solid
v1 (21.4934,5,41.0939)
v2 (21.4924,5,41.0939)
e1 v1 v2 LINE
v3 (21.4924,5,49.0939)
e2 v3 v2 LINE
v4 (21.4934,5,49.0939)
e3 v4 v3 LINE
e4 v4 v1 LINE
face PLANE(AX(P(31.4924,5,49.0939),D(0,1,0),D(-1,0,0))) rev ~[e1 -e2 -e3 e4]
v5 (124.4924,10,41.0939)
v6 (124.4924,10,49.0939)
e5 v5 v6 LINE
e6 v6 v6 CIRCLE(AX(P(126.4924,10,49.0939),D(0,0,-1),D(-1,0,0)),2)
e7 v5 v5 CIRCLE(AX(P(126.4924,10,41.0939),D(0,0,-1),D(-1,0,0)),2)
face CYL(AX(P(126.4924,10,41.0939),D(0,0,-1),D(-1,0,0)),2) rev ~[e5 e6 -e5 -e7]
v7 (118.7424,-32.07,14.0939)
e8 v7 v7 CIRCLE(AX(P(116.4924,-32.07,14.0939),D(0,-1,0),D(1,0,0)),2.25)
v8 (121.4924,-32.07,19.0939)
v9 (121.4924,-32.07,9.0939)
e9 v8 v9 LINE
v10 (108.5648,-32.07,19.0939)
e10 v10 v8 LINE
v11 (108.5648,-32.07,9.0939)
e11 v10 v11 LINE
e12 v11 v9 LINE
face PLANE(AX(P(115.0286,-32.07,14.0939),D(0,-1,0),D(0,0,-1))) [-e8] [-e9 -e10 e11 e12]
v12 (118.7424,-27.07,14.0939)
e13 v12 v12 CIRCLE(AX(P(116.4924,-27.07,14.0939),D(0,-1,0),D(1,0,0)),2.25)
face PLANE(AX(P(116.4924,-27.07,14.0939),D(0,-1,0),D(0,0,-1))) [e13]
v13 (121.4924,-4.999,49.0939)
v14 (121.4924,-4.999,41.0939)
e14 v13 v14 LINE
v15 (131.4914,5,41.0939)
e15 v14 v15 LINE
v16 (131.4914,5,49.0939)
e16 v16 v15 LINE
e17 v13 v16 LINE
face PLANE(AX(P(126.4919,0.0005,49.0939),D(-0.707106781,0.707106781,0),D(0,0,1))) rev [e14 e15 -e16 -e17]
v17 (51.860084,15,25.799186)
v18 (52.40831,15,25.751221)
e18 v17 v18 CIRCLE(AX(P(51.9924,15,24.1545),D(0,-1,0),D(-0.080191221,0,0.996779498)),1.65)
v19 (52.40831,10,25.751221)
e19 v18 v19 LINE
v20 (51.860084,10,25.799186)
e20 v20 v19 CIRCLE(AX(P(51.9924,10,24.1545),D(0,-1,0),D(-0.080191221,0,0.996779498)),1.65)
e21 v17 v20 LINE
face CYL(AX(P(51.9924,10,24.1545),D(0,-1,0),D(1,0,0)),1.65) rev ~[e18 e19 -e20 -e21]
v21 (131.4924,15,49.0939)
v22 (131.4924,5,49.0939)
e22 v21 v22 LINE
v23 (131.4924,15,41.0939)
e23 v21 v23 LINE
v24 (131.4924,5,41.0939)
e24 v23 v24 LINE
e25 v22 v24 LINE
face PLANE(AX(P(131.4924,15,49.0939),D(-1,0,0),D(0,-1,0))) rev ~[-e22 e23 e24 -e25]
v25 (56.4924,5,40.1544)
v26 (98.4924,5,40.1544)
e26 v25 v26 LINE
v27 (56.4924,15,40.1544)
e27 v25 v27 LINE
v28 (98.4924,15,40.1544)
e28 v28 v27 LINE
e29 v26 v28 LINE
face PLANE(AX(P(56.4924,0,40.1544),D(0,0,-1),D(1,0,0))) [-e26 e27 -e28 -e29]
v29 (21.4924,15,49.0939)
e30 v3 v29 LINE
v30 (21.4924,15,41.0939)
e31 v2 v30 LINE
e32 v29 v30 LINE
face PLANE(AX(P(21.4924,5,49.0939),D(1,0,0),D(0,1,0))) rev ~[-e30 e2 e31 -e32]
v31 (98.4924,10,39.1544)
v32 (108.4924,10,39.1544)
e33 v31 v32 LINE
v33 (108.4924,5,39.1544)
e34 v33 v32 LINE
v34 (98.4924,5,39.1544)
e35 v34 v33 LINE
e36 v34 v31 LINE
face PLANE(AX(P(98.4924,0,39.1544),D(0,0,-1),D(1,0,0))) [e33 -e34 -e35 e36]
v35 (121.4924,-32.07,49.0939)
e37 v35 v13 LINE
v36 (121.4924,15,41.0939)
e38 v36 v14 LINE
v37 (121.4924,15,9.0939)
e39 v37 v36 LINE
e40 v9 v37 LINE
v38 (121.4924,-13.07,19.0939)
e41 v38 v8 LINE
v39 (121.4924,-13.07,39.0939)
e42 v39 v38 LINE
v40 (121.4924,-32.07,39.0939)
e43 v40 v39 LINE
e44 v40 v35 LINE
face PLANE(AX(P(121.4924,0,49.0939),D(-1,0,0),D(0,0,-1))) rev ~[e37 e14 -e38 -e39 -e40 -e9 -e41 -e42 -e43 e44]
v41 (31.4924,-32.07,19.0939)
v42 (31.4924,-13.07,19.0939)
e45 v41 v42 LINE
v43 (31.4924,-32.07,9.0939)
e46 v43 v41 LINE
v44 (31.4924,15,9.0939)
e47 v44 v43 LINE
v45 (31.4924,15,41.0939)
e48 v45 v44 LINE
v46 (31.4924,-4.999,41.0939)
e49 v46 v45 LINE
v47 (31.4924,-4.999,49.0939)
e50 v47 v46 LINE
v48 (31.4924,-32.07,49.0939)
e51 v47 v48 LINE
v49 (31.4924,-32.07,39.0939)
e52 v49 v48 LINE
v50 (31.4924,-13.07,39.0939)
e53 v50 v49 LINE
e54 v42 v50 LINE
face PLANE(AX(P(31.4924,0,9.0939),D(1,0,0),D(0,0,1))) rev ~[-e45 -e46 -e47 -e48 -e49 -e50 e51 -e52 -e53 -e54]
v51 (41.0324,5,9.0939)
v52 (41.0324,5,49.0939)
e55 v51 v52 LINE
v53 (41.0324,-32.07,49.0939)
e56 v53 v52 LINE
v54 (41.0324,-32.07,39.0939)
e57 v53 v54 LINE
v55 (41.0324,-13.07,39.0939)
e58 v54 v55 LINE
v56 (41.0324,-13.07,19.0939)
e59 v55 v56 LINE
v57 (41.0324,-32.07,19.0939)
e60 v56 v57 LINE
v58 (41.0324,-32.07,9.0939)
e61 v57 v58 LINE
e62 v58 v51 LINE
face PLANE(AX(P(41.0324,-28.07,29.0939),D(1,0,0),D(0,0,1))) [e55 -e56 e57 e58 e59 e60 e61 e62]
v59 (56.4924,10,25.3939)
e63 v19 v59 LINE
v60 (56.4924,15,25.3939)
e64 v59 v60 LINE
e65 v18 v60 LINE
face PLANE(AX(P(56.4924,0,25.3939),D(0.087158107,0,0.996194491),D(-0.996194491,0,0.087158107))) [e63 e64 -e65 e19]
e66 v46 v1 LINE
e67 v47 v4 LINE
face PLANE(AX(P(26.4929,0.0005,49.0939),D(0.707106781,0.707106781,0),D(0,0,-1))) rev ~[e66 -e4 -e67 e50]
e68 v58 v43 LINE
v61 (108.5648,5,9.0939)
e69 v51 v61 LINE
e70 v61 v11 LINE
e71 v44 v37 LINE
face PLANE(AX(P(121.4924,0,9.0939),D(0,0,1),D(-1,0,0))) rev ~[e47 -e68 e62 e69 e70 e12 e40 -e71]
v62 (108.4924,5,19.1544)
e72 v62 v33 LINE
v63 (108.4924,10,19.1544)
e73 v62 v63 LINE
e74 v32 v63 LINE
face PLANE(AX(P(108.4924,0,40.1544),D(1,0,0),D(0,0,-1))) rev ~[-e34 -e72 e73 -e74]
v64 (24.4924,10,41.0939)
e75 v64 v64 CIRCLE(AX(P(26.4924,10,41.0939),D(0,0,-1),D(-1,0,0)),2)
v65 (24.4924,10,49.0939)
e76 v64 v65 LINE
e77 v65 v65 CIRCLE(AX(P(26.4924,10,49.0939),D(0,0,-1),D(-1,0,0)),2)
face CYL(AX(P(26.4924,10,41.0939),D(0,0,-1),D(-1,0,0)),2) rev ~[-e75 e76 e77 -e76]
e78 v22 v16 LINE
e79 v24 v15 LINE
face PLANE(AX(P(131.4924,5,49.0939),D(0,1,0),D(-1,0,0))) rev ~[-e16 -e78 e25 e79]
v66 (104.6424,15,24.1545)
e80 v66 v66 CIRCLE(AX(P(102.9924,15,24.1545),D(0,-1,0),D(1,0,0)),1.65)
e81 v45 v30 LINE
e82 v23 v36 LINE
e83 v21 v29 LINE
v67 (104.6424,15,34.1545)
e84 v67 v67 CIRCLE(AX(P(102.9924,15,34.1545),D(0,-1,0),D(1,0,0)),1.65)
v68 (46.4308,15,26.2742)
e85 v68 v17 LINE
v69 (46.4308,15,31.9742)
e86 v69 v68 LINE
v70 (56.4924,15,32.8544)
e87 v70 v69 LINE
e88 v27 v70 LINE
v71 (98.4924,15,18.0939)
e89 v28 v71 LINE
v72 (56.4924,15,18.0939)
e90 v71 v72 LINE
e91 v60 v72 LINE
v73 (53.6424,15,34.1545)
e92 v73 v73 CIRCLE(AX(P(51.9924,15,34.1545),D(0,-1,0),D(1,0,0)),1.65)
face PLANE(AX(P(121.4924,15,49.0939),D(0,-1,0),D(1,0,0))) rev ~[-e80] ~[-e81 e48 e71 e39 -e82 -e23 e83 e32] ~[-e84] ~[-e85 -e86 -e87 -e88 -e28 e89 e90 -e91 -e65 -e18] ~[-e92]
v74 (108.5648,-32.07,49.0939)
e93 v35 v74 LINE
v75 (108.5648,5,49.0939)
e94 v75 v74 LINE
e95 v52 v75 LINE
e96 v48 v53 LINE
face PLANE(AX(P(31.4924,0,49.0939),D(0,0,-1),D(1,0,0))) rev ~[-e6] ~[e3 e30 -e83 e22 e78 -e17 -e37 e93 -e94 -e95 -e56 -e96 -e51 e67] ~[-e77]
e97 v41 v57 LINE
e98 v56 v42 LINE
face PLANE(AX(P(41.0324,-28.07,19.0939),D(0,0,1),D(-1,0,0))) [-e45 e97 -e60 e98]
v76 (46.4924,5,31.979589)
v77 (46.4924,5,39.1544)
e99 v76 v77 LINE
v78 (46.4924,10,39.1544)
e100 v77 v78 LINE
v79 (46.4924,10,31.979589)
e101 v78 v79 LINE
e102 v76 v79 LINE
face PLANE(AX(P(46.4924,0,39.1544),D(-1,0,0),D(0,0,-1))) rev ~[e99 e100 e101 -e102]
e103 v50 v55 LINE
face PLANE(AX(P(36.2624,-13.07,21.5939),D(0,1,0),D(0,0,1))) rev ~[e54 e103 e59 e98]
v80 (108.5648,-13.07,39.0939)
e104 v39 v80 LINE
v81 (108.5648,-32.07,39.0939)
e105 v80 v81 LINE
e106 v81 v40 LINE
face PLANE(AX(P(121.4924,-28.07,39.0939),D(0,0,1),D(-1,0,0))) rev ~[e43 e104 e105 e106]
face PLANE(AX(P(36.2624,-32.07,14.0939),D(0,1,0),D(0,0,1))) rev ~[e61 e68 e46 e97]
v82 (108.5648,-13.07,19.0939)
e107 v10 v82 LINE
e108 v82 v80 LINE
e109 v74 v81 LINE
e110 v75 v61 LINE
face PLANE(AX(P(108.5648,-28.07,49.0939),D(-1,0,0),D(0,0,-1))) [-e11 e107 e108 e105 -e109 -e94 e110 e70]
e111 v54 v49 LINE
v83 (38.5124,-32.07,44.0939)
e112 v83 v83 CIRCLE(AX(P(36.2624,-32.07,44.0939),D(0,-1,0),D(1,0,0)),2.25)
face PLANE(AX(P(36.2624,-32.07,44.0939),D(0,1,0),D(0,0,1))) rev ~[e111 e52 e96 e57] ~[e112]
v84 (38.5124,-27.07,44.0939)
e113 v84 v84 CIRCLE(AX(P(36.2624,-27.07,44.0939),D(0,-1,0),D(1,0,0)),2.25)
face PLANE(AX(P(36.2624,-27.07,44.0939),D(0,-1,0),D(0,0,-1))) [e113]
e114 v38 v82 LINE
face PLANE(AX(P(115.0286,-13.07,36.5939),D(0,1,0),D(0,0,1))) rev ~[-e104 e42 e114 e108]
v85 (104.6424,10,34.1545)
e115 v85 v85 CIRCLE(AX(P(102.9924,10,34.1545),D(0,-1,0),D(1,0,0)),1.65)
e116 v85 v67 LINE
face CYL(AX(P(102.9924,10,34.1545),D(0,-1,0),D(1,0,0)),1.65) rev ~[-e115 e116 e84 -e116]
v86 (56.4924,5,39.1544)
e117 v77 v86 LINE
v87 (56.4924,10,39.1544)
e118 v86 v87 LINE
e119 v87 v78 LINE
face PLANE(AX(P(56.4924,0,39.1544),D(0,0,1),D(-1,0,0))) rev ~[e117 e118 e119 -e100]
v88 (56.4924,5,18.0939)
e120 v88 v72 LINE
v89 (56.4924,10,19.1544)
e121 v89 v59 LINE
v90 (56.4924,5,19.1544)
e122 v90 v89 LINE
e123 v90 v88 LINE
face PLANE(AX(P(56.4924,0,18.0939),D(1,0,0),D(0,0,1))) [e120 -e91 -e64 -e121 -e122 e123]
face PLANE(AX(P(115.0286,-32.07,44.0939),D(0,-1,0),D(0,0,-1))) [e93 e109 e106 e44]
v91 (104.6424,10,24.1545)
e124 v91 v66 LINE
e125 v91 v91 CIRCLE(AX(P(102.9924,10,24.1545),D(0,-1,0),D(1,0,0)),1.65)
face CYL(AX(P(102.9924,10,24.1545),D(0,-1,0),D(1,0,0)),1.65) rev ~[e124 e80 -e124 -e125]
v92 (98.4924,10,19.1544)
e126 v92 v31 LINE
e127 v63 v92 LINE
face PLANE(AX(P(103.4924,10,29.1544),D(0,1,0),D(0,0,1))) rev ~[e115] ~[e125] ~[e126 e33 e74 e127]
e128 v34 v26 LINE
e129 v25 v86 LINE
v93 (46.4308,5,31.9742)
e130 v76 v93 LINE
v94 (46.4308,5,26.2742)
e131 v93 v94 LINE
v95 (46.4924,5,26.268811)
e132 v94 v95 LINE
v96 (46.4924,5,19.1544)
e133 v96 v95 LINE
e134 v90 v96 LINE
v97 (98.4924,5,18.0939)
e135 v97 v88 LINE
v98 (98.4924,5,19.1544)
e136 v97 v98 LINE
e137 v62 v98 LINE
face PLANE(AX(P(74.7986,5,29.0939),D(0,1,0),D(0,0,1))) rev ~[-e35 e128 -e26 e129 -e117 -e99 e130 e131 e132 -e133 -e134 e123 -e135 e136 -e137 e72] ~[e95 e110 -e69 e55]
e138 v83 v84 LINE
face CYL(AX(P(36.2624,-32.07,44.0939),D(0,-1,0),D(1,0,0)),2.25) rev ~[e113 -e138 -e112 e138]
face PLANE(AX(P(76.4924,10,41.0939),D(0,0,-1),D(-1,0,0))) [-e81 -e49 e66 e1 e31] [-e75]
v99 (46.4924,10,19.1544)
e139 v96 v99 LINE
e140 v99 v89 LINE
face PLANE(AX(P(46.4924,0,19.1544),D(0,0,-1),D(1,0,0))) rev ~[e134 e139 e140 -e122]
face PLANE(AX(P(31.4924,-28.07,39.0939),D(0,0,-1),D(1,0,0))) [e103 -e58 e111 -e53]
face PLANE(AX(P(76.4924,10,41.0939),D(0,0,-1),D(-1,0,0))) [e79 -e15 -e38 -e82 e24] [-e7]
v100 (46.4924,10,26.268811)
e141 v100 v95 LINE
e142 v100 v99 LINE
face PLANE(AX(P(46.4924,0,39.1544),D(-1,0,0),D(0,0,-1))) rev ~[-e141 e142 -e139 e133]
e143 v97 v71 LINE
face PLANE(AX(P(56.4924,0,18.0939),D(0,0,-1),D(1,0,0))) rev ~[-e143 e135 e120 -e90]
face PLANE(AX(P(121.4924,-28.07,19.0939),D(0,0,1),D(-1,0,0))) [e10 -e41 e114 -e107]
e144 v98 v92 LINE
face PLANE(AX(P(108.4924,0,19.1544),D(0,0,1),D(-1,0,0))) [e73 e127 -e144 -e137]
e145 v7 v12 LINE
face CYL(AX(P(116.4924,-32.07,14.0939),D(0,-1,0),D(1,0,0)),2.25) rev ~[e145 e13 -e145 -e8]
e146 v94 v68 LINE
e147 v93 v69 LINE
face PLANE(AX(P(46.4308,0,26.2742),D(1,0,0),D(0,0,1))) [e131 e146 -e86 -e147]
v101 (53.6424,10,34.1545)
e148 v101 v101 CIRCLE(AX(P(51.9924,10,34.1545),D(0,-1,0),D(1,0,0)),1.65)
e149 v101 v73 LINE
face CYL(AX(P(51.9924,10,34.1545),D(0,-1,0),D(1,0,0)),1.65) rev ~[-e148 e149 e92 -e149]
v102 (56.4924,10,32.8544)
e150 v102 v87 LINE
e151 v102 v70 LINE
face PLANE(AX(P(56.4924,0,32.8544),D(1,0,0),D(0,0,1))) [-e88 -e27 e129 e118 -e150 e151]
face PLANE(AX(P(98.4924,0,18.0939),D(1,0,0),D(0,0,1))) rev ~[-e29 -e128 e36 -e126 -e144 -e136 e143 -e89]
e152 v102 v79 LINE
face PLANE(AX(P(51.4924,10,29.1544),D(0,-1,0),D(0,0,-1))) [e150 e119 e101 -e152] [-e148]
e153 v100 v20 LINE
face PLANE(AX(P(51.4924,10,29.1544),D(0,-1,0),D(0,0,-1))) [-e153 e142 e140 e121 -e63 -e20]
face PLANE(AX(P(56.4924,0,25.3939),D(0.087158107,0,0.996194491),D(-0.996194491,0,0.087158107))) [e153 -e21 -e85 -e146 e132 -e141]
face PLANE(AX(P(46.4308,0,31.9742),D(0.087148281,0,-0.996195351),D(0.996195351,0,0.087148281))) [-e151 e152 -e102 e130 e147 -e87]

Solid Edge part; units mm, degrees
sketch "Sketch1" plane through (0, 0, 0) normal (0, -1, 0) x (1, 0, 0)
  line L0 (31.4924, 49.0939) -> (121.4924, 49.0939)
  line L1 (121.4924, 49.0939) -> (121.4924, 9.0939)
  line L2 (121.4924, 9.0939) -> (31.4924, 9.0939)
  line L3 (31.4924, 9.0939) -> (31.4924, 49.0939)
  dimension "D1" = 90
  dimension "D2" = 40
extrude "Protrusion1" add sketch "Sketch1" against normal blind 40
sketch "Sketch2" plane through (64.4924, 0, 22.0939) normal (0, -1, 0) x (1, 0, 0)
  line L0 (-18.0616, 9.8803) -> (-8, 10.7605)
  line L1 (-8, 10.7605) -> (-8, 18.0605)
  line L2 (-8, 18.0605) -> (34, 18.0605)
  line L3 (34, -4) -> (34, 18.0605)
  line L4 (-8, -4) -> (34, -4)
  line L5 (-8, -4) -> (-8, 3.3)
  line L6 (-8, 3.3) -> (-18.0616, 4.1803)
  line L7 (-18.0616, 4.1803) -> (-18.0616, 9.8803)
extrude "ExtrudedCutout_4" cut sketch "Sketch2" against normal blind 37
sketch "Sketch3" plane through (31.4924, 20, 22.0939) normal (-1, 0, 0) x (0, -1, 0)
  line L0 (-17, 2) -> (-17, 12)
  line L1 (-17, 12) -> (-10, 12)
  line L2 (-10, 12) -> (-10, 2)
  line L3 (-10, 2) -> (-17, 2)
  dimension "D1" = 10
  dimension "D2" = 7
  dimension "D3" = 10
  dimension "D4" = 3
  dimension "D5" = 15
extrude "Cutout1" cut sketch "Sketch3" against normal up to next
sketch "Sketch4" plane through (64.4924, 0, 22.0939) normal (0, -1, 0) x (1, 0, 0)
  line L0 (-8, 17.0605) -> (-18, 17.0605)
  line L1 (-18, 17.0605) -> (-18, -2.9395)
  line L2 (-18, -2.9395) -> (-8, -2.9395)
  line L3 (-8, -2.9395) -> (-8, 17.0605)
  line L4 (34, 17.0605) -> (44, 17.0605)
  line L5 (44, 17.0605) -> (44, -2.9395)
  line L6 (44, -2.9395) -> (34, -2.9395)
  line L7 (34, -2.9395) -> (34, 17.0605)
  dimension "D1" = 1
  dimension "D2" = 20
  dimension "D3" = 1
  dimension "D4" = 10
  dimension "D5" = 20
  dimension "D6" = 10
extrude "ExtrudedCutout_6" cut sketch "Sketch4" against normal blind 10
sketch "Sketch5" plane through (91.2324, 10, 21.645) normal (0, -1, 0) x (1, 0, 0)
  circle A0 centre (11.76, 12.5095) radius 1.65
  circle A1 centre (-39.24, 12.5095) radius 1.65
  circle A2 centre (-39.24, 2.5095) radius 1.65
  circle A3 centre (11.76, 2.5095) radius 1.65
  dimension "D1" = 4.5
  dimension "D2" = 3.3
  dimension "D3" = 4.5
  dimension "D4" = 10
  dimension "D5" = 5
  dimension "D6" = 10
  dimension "D7" = 5
extrude "Cutout2" cut sketch "Sketch5" against normal through all
sketch "Sketch6" plane through (68.9924, 0, 22.0939) normal (0, -1, 0) x (1, 0, 0)
  line L0 (-37.5, 27) -> (-37.5, -13)
  line L1 (-37.5, -13) -> (52.5, -13)
  line L2 (52.5, -13) -> (52.5, 27)
  line L3 (52.5, 27) -> (-37.5, 27)
  line L4 (-22.5616, 13.0605) -> (-22.5616, 18.0605)
  line L5 (-22.5616, 18.0605) -> (39.5, 18.0605)
  line L6 (39.5, 18.0605) -> (39.5, -4)
  line L7 (39.5, -4) -> (-22.5616, -4)
  line L8 (-22.5616, 13.0605) -> (-22.5616, -4)
extrude "ExtrudedProtrusion_4" add sketch "Sketch6" along normal blind 28.07
sketch "Sketch7" plane through (68.9924, -28.07, 22.0939) normal (0, -1, 0) x (1, 0, 0)
  circle A0 centre (-4.46, 7) radius 23.5
  dimension "D1" = 33.04
  dimension "D2" = 47
extrude "ExtrudedCutout_9" cut sketch "Sketch7" against normal blind 33.07
sketch "Sketch8" plane through (41.8429, -28.07, 29.0939) normal (0, -1, 0) x (0, 0, 1)
  line L0 (0, 10.3505) -> (5, 10.3505)
  line L1 (5, 10.3505) -> (5, -79.6495)
  line L2 (5, -79.6495) -> (0, -79.6495)
  line L3 (0, -79.6495) -> (-5, -79.6495)
  line L4 (-5, -79.6495) -> (-5, 10.3505)
  line L5 (-5, 10.3505) -> (0, 10.3505)
  dimension "D1" = 5
  dimension "D2" = 5
extrude "Cutout3" cut sketch "Sketch8" against normal blind 15
sketch "Sketch9" plane through (76.4924, 5.965, 49.0939) normal (0, 0, 1) x (-1, 0, 0)
  line L0 (-0.379, 0.965) -> (24.299, 0.965)
  line L1 (24.299, 0.965) -> (45, 0.965)
  line L2 (45, 0.965) -> (55, 0.965)
  line L3 (55, 0.965) -> (55, -9.035)
  line L4 (55, -9.035) -> (45, -9.035)
  line L5 (45, -9.035) -> (-45, -9.035)
  line L6 (-45, -9.035) -> (-55, -9.035)
  line L7 (-55, -9.035) -> (-55, 0.965)
  line L8 (-55, 0.965) -> (-45, 0.965)
  line L9 (-45, 0.965) -> (-0.379, 0.965)
  dimension "D1" = 10
  dimension "D2" = 10
  dimension "D3" = 10
  dimension "D4" = 10
extrude "ExtrudedProtrusion_9" add sketch "Sketch9" against normal blind 8
sketch "Sketch10" plane through (26.4924, 10, 41.0939) normal (0, 0, -1) x (-1, 0, 0)
  circle A0 centre (0, 0) radius 2
  circle A1 centre (-100, 0) radius 2
  dimension "D1" = 4
  dimension "D2" = 5
  dimension "D3" = 5
  dimension "D4" = 4
  dimension "D5" = 5
  dimension "D6" = 5
extrude "Cutout4" cut sketch "Sketch10" against normal through all
chamfer "Chamfer_1" distance 10 angle 45 1 edges at (31.4924, 15, 45.0939)
chamfer "Chamfer_2" distance 10 angle 45 1 edges at (31.4924, 5, 45.0939)
chamfer "Chamfer_3" distance 10 angle 45 1 edges at (121.4924, 15, 45.0939)
chamfer "Chamfer_4" distance 10 angle 45 1 edges at (121.4924, 5, 45.0939)
sketch "Sketch11" plane through (76.4924, 5.965, 49.0939) normal (0, 0, 1) x (1, 0, 0)
  line L0 (-55, 9.035) -> (55, 9.035)
  line L1 (55, 9.035) -> (45, 34.035)
  line L2 (45, 34.035) -> (-45, 34.035)
  line L3 (-45, 34.035) -> (-55, 9.035)
extrude "Cutout5" cut sketch "Sketch11" against normal through all
sketch "Sketch12" plane through (99.1819, -28.07, 41.5939) normal (0, -1, 0) x (1, 0, 0)
  line L0 (-58.1495, -12.5) -> (-58.1495, 7.5)
  line L1 (-58.1495, 7.5) -> (0, 7.5)
  line L2 (0, 7.5) -> (9.3829, 7.5)
  line L3 (9.3829, 7.5) -> (9.3829, -32.5)
  line L4 (-58.1495, -32.5) -> (9.3829, -32.5)
  line L5 (-58.1495, -12.5) -> (-58.1495, -32.5)
extrude "Cutout6" cut sketch "Sketch12" against normal up to vertex (33.07 mm away)
sketch "Sketch13" plane through (36.2624, -28.07, 41.5939) normal (0, -1, 0) x (0, 0, -1)
  line L0 (2.5, -4.77) -> (2.5, 4.77)
  line L1 (2.5, 4.77) -> (7.5, 4.77)
  line L2 (7.5, 4.77) -> (7.5, -4.77)
  line L3 (7.5, -4.77) -> (2.5, -4.77)
extrude "Cutout7" cut sketch "Sketch13" against normal up to vertex (15 mm away)
sketch "Sketch14" plane through (36.2624, -28.07, 41.5939) normal (0, -1, 0) x (0, 0, -1)
  line L0 (22.5, 4.77) -> (22.5, -4.77)
  line L1 (22.5, -4.77) -> (17.5, -4.77)
  line L2 (17.5, -4.77) -> (17.5, 4.77)
  line L3 (17.5, 4.77) -> (22.5, 4.77)
extrude "Cutout8" cut sketch "Sketch14" against normal up to vertex (15 mm away)
sketch "Sketch15" plane through (36.2624, -28.07, 41.5939) normal (0, -1, 0) x (0, 0, -1)
  line L0 (2.5, 85.23) -> (7.5, 85.23)
  line L1 (7.5, 85.23) -> (7.5, 72.3024)
  line L2 (2.5, 72.3024) -> (7.5, 72.3024)
  line L3 (2.5, 85.23) -> (2.5, 72.3024)
extrude "Cutout9" cut sketch "Sketch15" against normal up to vertex (15 mm away)
sketch "Sketch16" plane through (36.2624, -28.07, 41.5939) normal (0, -1, 0) x (0, 0, -1)
  line L0 (22.5, 85.23) -> (22.5, 72.3024)
  line L1 (22.5, 72.3024) -> (17.5, 72.3024)
  line L2 (17.5, 72.3024) -> (17.5, 85.23)
  line L3 (17.5, 85.23) -> (22.5, 85.23)
extrude "Cutout10" cut sketch "Sketch16" against normal up to vertex (15 mm away)
sketch "Sketch17" plane through (36.2624, -28.07, 44.0939) normal (0, -1, 0) x (1, 0, 0)
  line L0 (4.77, 5) -> (4.77, -5)
  line L1 (4.77, -5) -> (-4.77, -5)
  line L2 (-4.77, -5) -> (-4.77, 5)
  line L3 (-4.77, 5) -> (4.77, 5)
extrude "ExtrudedProtrusion_10" add sketch "Sketch17" along normal blind 4
sketch "Sketch18" plane through (36.2624, -28.07, 14.0939) normal (0, -1, 0) x (1, 0, 0)
  line L0 (85.23, 25) -> (85.23, 35)
  line L1 (85.23, 35) -> (72.3024, 35)
  line L2 (72.3024, 35) -> (72.3024, 25)
  line L3 (72.3024, 25) -> (85.23, 25)
extrude "Protrusion2" add sketch "Sketch18" along normal blind 4
sketch "Sketch19" plane through (36.2624, -28.07, 14.0939) normal (0, -1, 0) x (1, 0, 0)
  line L0 (72.3024, 5) -> (72.3024, -5)
  line L1 (72.3024, -5) -> (85.23, -5)
  line L2 (85.23, 5) -> (85.23, -5)
  line L3 (72.3024, 5) -> (85.23, 5)
extrude "Protrusion3" add sketch "Sketch19" along normal blind 4
sketch "Sketch20" plane through (36.2624, -28.07, 14.0939) normal (0, -1, 0) x (1, 0, 0)
  line L0 (-4.77, -5) -> (-4.77, 5)
  line L1 (-4.77, 5) -> (4.77, 5)
  line L2 (4.77, 5) -> (4.77, -5)
  line L3 (4.77, -5) -> (-4.77, -5)
extrude "Protrusion4" add sketch "Sketch20" along normal blind 4
sketch "Sketch21" plane through (36.2624, -32.07, 44.0939) normal (0, -1, 0) x (1, 0, 0)
  circle A0 centre (0, 0) radius 2.25
  dimension "D1" = 4.5
  dimension "D2" = 4.77
  dimension "D3" = 5
extrude "Cutout11" cut sketch "Sketch21" against normal blind 5
sketch "Sketch22" plane through (115.0286, -32.07, 14.0939) normal (0, -1, 0) x (1, 0, 0)
  circle A0 centre (1.4638, 0) radius 2.25
  dimension "D1" = 4.5
  dimension "D2" = 5
  dimension "D3" = 5
extrude "Cutout12" cut sketch "Sketch22" against normal blind 5
